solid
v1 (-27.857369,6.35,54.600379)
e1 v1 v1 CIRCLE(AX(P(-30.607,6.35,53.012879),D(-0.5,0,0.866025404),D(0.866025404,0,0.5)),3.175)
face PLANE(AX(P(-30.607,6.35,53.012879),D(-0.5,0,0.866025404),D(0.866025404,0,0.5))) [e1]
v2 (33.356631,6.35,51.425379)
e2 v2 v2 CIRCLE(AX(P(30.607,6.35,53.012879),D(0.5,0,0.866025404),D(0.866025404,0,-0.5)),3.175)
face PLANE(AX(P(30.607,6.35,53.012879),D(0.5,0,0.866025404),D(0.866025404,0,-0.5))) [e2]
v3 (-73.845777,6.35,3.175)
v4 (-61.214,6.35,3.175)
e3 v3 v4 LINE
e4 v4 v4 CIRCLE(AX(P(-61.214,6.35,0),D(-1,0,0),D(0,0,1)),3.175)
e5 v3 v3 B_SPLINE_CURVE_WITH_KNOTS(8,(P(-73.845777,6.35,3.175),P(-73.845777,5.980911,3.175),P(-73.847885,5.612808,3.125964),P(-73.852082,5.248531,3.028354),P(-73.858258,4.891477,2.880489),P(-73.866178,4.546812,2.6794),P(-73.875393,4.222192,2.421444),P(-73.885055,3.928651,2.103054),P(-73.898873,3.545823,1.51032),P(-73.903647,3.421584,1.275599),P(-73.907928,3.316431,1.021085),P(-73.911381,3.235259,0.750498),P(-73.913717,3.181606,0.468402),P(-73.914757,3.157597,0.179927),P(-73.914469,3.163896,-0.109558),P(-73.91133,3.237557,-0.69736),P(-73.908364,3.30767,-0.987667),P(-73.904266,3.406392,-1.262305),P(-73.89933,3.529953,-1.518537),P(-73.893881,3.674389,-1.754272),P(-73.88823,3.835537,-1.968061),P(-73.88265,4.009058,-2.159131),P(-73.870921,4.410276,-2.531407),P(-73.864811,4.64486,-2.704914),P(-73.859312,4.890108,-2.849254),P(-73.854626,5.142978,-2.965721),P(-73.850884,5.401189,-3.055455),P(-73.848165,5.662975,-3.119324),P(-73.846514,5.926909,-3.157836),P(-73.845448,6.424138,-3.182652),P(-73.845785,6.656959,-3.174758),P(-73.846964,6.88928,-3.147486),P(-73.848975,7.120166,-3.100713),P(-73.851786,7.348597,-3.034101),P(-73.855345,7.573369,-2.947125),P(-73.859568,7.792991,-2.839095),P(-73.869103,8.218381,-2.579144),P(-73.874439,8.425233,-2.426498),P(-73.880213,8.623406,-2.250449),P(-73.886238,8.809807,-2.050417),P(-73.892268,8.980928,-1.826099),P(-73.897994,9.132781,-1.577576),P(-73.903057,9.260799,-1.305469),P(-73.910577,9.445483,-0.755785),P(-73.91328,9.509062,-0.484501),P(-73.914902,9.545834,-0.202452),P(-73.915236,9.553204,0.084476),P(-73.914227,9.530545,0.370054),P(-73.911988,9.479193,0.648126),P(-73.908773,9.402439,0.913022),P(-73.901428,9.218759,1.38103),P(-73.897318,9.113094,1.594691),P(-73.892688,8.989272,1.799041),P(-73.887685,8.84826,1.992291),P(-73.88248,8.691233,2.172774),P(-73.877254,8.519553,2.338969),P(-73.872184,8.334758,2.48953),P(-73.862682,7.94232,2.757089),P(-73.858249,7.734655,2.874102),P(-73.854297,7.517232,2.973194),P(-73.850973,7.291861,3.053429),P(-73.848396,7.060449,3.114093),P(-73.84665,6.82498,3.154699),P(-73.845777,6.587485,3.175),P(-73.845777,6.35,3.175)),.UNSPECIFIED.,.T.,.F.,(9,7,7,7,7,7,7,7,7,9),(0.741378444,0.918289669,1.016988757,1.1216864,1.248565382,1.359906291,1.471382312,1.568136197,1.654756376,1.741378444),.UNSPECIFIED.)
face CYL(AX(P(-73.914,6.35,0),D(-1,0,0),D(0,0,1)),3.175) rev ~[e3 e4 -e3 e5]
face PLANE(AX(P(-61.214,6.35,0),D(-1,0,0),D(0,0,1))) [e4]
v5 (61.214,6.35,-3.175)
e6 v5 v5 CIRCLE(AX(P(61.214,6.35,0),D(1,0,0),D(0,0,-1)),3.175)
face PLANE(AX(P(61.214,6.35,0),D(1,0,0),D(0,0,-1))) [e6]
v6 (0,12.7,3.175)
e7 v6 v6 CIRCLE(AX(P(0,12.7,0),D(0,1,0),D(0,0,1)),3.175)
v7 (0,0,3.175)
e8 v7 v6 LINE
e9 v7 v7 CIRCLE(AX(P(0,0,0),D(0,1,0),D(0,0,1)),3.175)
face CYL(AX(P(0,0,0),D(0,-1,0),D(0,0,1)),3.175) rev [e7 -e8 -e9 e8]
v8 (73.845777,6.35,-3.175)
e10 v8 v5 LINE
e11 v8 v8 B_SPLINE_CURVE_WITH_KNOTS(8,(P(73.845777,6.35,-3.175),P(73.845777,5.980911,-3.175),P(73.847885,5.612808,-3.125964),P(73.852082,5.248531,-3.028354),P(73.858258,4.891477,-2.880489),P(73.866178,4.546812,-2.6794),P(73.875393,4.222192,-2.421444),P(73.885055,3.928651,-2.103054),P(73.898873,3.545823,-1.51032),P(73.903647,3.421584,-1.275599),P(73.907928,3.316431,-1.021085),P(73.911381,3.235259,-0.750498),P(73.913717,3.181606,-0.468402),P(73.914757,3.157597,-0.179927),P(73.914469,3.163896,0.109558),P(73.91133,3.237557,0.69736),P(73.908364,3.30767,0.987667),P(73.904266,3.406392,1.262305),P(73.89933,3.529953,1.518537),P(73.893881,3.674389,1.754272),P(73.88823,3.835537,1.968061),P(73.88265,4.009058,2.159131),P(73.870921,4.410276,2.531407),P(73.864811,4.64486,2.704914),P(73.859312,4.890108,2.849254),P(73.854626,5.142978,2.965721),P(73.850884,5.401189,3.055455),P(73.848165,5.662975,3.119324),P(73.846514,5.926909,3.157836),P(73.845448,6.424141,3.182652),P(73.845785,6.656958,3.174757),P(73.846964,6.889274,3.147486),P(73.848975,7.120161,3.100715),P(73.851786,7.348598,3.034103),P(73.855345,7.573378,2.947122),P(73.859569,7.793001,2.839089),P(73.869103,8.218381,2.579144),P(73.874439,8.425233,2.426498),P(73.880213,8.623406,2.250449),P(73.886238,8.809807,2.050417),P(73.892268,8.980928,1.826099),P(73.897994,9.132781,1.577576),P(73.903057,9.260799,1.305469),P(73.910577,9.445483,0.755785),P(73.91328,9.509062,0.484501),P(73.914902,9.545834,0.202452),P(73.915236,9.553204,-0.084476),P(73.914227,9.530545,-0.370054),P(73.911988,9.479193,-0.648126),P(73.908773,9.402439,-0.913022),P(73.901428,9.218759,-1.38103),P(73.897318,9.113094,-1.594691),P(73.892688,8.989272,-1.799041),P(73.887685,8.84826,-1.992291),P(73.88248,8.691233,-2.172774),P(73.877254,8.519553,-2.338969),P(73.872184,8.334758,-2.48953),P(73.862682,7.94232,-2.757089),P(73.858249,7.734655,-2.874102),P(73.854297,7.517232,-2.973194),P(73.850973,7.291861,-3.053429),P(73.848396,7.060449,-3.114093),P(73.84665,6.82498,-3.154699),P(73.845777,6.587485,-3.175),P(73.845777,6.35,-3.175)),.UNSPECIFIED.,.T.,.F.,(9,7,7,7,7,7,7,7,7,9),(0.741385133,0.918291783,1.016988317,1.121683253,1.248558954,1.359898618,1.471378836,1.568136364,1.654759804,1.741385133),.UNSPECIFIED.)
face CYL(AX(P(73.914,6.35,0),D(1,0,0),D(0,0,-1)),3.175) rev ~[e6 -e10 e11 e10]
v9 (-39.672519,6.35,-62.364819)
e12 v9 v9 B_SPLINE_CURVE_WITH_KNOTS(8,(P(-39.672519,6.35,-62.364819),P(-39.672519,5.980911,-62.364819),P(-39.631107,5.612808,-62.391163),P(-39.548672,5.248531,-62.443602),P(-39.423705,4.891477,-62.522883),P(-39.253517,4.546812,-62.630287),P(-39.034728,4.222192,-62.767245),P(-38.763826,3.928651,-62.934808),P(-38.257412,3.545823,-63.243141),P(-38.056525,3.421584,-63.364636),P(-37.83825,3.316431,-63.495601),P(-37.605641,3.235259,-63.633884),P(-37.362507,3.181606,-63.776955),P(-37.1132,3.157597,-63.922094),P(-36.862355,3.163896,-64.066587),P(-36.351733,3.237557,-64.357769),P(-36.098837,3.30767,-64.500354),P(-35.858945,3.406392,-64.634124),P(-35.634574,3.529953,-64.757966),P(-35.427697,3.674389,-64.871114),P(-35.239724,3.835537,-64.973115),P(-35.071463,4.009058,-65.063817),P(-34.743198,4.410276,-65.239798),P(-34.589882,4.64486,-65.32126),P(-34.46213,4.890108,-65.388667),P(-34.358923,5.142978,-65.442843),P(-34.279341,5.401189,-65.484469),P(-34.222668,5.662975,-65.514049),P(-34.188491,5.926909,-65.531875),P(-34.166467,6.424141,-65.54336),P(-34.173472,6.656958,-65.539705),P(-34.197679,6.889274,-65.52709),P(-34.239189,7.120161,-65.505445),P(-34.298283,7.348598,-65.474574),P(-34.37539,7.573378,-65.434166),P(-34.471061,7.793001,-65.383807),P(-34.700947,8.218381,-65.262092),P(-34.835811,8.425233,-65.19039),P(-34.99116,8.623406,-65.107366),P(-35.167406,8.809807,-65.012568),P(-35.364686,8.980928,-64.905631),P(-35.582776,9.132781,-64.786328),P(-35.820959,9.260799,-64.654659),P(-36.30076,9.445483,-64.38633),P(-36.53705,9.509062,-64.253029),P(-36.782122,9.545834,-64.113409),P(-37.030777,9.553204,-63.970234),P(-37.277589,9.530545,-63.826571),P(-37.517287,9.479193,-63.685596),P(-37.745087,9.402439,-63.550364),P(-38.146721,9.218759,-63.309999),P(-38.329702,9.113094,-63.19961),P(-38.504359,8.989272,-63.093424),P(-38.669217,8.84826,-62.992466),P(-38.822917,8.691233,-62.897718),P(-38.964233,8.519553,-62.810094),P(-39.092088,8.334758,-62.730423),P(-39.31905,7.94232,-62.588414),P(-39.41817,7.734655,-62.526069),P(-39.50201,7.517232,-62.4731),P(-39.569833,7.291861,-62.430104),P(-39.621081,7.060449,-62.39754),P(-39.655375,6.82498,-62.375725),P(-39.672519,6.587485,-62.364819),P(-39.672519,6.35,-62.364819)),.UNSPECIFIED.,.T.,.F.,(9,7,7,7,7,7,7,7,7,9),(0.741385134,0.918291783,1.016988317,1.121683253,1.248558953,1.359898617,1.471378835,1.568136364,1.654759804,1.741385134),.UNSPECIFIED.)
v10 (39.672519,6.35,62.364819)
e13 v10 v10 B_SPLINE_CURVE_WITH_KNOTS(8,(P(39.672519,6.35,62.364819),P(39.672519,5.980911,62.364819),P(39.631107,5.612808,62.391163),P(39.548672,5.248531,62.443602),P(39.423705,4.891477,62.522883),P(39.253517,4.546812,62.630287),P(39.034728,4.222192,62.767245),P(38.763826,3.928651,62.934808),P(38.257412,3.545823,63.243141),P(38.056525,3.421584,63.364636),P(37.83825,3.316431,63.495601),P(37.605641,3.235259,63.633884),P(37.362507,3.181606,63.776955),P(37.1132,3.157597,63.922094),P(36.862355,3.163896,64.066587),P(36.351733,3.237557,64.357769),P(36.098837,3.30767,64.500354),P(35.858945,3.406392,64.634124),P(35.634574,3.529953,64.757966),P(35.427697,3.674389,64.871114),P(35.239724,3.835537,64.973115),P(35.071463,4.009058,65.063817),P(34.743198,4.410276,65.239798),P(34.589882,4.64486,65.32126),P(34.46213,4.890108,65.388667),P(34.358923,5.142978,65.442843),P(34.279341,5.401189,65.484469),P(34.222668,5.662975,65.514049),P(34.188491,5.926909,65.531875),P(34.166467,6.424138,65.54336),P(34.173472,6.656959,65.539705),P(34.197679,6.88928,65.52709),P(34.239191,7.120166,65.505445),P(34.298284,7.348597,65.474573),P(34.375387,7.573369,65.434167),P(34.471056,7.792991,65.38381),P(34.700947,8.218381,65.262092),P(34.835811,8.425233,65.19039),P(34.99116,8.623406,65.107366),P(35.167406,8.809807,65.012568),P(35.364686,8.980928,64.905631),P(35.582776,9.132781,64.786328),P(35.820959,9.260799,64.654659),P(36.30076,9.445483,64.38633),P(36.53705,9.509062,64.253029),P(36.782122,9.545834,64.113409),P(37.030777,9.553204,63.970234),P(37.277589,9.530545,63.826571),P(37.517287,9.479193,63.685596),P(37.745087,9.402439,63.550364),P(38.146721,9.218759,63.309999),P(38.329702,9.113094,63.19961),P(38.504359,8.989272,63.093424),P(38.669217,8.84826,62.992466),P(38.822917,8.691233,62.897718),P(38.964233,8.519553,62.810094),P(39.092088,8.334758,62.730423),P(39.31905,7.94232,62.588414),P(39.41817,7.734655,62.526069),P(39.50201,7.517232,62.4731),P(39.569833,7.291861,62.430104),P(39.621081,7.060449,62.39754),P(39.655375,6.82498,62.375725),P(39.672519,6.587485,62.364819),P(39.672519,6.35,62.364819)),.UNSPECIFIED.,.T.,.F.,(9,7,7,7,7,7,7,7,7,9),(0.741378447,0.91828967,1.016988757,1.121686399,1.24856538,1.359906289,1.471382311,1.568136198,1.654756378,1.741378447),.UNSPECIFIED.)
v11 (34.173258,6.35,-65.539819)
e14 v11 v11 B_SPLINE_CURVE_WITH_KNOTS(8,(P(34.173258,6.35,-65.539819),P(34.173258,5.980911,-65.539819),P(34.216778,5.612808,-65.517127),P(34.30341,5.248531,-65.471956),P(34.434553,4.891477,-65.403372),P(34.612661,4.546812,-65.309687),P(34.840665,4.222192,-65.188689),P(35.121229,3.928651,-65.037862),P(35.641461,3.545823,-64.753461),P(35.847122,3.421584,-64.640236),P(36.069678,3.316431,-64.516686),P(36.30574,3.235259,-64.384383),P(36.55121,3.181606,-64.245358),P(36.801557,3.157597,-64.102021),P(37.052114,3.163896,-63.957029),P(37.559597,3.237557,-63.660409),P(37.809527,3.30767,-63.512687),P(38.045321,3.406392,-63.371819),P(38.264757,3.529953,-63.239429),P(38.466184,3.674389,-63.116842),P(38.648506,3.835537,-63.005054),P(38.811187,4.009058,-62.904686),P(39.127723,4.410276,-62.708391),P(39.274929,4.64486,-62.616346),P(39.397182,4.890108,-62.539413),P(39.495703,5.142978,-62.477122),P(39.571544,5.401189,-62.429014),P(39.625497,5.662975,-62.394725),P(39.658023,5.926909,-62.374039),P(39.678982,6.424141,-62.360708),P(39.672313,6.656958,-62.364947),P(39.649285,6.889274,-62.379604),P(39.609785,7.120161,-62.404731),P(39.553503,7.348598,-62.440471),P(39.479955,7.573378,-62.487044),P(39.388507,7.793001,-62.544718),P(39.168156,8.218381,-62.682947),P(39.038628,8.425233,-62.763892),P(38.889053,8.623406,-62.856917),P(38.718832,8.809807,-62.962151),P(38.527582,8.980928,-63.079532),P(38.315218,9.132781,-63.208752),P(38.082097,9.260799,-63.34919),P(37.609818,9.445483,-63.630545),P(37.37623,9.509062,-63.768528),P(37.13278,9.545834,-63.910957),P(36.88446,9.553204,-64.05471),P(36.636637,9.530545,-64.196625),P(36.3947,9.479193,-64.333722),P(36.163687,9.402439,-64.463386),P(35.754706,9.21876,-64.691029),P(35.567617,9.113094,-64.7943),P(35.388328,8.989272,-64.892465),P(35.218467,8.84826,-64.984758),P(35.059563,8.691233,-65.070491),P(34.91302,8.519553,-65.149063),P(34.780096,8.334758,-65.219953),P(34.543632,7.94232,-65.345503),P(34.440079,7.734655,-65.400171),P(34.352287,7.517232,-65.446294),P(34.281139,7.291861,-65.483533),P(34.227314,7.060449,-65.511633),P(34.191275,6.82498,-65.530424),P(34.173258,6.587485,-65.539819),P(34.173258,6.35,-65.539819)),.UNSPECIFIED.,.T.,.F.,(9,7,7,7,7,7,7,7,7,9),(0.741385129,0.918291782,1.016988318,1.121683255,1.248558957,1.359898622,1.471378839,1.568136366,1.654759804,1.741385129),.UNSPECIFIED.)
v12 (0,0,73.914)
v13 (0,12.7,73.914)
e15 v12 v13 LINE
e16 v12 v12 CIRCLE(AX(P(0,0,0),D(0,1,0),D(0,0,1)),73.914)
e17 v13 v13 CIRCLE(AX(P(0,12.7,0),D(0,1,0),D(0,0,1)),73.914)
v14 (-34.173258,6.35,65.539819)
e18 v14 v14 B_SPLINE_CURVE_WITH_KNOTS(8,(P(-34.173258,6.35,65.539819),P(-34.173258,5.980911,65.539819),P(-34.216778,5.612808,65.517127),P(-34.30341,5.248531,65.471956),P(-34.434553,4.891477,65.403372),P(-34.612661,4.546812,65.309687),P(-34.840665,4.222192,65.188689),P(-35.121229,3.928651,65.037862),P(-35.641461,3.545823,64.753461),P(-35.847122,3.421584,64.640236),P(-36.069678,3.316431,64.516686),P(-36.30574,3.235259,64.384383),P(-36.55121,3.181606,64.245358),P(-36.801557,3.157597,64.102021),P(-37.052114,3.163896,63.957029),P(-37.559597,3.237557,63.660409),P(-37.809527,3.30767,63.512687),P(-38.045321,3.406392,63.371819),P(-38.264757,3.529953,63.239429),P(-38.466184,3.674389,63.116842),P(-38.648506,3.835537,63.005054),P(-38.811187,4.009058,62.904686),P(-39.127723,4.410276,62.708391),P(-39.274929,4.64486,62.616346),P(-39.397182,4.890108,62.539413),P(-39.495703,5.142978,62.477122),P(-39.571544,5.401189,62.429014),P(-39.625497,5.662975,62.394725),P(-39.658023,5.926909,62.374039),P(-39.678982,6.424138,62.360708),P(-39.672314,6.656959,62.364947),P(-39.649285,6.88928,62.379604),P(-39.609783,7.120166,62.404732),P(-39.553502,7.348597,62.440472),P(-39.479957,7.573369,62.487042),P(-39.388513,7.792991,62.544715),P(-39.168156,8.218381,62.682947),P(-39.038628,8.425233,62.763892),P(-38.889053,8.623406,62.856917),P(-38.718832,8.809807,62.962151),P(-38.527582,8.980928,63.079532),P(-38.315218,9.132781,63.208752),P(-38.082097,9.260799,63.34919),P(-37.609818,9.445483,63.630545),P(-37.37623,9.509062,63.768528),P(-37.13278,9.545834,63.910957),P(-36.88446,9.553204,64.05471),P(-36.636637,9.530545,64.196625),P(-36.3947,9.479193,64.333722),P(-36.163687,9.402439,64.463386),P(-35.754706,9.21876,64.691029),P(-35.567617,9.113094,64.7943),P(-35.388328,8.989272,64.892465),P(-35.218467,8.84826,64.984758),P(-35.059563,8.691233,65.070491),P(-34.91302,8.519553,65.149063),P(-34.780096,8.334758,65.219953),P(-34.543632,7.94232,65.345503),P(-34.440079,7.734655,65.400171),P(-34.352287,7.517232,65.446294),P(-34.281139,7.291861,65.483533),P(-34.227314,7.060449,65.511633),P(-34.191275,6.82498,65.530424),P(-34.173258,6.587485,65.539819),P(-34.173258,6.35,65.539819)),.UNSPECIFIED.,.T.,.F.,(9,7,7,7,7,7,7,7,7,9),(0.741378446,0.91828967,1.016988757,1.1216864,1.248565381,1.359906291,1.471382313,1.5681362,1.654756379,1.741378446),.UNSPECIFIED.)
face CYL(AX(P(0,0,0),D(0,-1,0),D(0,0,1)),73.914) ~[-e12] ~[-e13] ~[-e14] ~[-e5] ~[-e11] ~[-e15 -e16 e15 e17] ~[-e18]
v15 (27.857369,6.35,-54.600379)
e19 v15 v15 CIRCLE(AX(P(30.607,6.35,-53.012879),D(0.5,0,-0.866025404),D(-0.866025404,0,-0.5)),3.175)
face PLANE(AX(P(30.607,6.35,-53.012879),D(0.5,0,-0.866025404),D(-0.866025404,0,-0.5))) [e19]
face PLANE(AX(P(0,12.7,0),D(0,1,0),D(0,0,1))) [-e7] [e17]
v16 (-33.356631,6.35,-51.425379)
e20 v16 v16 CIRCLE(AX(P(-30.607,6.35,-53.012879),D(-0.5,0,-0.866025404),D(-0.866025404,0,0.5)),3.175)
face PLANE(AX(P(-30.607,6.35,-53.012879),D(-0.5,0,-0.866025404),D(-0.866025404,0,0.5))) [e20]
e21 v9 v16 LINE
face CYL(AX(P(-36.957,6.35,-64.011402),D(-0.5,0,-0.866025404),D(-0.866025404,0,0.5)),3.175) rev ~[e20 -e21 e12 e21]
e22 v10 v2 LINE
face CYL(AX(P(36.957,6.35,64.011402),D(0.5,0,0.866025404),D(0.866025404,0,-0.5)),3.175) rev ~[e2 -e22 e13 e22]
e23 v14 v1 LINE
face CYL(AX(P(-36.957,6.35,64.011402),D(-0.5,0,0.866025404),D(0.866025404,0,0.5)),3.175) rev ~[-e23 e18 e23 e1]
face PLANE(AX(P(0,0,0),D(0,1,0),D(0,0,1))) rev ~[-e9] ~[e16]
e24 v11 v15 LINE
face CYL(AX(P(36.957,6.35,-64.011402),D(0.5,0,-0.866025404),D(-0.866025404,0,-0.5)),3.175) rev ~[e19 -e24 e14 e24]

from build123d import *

# Parameters (mm, degrees)
SKETCH1_R           = 73.914
SKETCH1_R_2         = 3.175
BOSS_EXTRUDE1_DEPTH = 12.7
SKETCH2_R           = 3.175
CUT_EXTRUDE1_DEPTH  = 12.7
CIRPATTERN1_COUNT   = 6


with BuildPart() as part:
    # Sketch1 → Boss-Extrude1 (new body)
    with BuildSketch(Plane(origin=(0, 0, 0), x_dir=(1, 0, 0), z_dir=(0, 1, 0))):
        with Locations(Location((0, 0, 0), (0, 0, 270))):
            Circle(SKETCH1_R)
        with Locations(Location((0, 0, 0), (0, 0, 270))):
            Circle(SKETCH1_R_2, mode=Mode.SUBTRACT)
    extrude(amount=BOSS_EXTRUDE1_DEPTH)

    # Sketch2 → Cut-Extrude1 (cut)
    with BuildSketch(Plane(origin=(73.914, 0, 0), x_dir=(0, 0, -1), z_dir=(1, 0, 0))):
        with Locations((0, 6.35)):
            Circle(SKETCH2_R)
    cut_extrude1 = extrude(amount=-CUT_EXTRUDE1_DEPTH, mode=Mode.SUBTRACT)

    # CirPattern1: Cut-Extrude1 ×6 about axis
    cirpattern1_axis = Axis((0, 0, 0), (0, 1, 0))
    for i in range(1, CIRPATTERN1_COUNT):
        add(cut_extrude1.rotate(cirpattern1_axis, i * 360 / CIRPATTERN1_COUNT), mode=Mode.SUBTRACT)


solid = part.part
